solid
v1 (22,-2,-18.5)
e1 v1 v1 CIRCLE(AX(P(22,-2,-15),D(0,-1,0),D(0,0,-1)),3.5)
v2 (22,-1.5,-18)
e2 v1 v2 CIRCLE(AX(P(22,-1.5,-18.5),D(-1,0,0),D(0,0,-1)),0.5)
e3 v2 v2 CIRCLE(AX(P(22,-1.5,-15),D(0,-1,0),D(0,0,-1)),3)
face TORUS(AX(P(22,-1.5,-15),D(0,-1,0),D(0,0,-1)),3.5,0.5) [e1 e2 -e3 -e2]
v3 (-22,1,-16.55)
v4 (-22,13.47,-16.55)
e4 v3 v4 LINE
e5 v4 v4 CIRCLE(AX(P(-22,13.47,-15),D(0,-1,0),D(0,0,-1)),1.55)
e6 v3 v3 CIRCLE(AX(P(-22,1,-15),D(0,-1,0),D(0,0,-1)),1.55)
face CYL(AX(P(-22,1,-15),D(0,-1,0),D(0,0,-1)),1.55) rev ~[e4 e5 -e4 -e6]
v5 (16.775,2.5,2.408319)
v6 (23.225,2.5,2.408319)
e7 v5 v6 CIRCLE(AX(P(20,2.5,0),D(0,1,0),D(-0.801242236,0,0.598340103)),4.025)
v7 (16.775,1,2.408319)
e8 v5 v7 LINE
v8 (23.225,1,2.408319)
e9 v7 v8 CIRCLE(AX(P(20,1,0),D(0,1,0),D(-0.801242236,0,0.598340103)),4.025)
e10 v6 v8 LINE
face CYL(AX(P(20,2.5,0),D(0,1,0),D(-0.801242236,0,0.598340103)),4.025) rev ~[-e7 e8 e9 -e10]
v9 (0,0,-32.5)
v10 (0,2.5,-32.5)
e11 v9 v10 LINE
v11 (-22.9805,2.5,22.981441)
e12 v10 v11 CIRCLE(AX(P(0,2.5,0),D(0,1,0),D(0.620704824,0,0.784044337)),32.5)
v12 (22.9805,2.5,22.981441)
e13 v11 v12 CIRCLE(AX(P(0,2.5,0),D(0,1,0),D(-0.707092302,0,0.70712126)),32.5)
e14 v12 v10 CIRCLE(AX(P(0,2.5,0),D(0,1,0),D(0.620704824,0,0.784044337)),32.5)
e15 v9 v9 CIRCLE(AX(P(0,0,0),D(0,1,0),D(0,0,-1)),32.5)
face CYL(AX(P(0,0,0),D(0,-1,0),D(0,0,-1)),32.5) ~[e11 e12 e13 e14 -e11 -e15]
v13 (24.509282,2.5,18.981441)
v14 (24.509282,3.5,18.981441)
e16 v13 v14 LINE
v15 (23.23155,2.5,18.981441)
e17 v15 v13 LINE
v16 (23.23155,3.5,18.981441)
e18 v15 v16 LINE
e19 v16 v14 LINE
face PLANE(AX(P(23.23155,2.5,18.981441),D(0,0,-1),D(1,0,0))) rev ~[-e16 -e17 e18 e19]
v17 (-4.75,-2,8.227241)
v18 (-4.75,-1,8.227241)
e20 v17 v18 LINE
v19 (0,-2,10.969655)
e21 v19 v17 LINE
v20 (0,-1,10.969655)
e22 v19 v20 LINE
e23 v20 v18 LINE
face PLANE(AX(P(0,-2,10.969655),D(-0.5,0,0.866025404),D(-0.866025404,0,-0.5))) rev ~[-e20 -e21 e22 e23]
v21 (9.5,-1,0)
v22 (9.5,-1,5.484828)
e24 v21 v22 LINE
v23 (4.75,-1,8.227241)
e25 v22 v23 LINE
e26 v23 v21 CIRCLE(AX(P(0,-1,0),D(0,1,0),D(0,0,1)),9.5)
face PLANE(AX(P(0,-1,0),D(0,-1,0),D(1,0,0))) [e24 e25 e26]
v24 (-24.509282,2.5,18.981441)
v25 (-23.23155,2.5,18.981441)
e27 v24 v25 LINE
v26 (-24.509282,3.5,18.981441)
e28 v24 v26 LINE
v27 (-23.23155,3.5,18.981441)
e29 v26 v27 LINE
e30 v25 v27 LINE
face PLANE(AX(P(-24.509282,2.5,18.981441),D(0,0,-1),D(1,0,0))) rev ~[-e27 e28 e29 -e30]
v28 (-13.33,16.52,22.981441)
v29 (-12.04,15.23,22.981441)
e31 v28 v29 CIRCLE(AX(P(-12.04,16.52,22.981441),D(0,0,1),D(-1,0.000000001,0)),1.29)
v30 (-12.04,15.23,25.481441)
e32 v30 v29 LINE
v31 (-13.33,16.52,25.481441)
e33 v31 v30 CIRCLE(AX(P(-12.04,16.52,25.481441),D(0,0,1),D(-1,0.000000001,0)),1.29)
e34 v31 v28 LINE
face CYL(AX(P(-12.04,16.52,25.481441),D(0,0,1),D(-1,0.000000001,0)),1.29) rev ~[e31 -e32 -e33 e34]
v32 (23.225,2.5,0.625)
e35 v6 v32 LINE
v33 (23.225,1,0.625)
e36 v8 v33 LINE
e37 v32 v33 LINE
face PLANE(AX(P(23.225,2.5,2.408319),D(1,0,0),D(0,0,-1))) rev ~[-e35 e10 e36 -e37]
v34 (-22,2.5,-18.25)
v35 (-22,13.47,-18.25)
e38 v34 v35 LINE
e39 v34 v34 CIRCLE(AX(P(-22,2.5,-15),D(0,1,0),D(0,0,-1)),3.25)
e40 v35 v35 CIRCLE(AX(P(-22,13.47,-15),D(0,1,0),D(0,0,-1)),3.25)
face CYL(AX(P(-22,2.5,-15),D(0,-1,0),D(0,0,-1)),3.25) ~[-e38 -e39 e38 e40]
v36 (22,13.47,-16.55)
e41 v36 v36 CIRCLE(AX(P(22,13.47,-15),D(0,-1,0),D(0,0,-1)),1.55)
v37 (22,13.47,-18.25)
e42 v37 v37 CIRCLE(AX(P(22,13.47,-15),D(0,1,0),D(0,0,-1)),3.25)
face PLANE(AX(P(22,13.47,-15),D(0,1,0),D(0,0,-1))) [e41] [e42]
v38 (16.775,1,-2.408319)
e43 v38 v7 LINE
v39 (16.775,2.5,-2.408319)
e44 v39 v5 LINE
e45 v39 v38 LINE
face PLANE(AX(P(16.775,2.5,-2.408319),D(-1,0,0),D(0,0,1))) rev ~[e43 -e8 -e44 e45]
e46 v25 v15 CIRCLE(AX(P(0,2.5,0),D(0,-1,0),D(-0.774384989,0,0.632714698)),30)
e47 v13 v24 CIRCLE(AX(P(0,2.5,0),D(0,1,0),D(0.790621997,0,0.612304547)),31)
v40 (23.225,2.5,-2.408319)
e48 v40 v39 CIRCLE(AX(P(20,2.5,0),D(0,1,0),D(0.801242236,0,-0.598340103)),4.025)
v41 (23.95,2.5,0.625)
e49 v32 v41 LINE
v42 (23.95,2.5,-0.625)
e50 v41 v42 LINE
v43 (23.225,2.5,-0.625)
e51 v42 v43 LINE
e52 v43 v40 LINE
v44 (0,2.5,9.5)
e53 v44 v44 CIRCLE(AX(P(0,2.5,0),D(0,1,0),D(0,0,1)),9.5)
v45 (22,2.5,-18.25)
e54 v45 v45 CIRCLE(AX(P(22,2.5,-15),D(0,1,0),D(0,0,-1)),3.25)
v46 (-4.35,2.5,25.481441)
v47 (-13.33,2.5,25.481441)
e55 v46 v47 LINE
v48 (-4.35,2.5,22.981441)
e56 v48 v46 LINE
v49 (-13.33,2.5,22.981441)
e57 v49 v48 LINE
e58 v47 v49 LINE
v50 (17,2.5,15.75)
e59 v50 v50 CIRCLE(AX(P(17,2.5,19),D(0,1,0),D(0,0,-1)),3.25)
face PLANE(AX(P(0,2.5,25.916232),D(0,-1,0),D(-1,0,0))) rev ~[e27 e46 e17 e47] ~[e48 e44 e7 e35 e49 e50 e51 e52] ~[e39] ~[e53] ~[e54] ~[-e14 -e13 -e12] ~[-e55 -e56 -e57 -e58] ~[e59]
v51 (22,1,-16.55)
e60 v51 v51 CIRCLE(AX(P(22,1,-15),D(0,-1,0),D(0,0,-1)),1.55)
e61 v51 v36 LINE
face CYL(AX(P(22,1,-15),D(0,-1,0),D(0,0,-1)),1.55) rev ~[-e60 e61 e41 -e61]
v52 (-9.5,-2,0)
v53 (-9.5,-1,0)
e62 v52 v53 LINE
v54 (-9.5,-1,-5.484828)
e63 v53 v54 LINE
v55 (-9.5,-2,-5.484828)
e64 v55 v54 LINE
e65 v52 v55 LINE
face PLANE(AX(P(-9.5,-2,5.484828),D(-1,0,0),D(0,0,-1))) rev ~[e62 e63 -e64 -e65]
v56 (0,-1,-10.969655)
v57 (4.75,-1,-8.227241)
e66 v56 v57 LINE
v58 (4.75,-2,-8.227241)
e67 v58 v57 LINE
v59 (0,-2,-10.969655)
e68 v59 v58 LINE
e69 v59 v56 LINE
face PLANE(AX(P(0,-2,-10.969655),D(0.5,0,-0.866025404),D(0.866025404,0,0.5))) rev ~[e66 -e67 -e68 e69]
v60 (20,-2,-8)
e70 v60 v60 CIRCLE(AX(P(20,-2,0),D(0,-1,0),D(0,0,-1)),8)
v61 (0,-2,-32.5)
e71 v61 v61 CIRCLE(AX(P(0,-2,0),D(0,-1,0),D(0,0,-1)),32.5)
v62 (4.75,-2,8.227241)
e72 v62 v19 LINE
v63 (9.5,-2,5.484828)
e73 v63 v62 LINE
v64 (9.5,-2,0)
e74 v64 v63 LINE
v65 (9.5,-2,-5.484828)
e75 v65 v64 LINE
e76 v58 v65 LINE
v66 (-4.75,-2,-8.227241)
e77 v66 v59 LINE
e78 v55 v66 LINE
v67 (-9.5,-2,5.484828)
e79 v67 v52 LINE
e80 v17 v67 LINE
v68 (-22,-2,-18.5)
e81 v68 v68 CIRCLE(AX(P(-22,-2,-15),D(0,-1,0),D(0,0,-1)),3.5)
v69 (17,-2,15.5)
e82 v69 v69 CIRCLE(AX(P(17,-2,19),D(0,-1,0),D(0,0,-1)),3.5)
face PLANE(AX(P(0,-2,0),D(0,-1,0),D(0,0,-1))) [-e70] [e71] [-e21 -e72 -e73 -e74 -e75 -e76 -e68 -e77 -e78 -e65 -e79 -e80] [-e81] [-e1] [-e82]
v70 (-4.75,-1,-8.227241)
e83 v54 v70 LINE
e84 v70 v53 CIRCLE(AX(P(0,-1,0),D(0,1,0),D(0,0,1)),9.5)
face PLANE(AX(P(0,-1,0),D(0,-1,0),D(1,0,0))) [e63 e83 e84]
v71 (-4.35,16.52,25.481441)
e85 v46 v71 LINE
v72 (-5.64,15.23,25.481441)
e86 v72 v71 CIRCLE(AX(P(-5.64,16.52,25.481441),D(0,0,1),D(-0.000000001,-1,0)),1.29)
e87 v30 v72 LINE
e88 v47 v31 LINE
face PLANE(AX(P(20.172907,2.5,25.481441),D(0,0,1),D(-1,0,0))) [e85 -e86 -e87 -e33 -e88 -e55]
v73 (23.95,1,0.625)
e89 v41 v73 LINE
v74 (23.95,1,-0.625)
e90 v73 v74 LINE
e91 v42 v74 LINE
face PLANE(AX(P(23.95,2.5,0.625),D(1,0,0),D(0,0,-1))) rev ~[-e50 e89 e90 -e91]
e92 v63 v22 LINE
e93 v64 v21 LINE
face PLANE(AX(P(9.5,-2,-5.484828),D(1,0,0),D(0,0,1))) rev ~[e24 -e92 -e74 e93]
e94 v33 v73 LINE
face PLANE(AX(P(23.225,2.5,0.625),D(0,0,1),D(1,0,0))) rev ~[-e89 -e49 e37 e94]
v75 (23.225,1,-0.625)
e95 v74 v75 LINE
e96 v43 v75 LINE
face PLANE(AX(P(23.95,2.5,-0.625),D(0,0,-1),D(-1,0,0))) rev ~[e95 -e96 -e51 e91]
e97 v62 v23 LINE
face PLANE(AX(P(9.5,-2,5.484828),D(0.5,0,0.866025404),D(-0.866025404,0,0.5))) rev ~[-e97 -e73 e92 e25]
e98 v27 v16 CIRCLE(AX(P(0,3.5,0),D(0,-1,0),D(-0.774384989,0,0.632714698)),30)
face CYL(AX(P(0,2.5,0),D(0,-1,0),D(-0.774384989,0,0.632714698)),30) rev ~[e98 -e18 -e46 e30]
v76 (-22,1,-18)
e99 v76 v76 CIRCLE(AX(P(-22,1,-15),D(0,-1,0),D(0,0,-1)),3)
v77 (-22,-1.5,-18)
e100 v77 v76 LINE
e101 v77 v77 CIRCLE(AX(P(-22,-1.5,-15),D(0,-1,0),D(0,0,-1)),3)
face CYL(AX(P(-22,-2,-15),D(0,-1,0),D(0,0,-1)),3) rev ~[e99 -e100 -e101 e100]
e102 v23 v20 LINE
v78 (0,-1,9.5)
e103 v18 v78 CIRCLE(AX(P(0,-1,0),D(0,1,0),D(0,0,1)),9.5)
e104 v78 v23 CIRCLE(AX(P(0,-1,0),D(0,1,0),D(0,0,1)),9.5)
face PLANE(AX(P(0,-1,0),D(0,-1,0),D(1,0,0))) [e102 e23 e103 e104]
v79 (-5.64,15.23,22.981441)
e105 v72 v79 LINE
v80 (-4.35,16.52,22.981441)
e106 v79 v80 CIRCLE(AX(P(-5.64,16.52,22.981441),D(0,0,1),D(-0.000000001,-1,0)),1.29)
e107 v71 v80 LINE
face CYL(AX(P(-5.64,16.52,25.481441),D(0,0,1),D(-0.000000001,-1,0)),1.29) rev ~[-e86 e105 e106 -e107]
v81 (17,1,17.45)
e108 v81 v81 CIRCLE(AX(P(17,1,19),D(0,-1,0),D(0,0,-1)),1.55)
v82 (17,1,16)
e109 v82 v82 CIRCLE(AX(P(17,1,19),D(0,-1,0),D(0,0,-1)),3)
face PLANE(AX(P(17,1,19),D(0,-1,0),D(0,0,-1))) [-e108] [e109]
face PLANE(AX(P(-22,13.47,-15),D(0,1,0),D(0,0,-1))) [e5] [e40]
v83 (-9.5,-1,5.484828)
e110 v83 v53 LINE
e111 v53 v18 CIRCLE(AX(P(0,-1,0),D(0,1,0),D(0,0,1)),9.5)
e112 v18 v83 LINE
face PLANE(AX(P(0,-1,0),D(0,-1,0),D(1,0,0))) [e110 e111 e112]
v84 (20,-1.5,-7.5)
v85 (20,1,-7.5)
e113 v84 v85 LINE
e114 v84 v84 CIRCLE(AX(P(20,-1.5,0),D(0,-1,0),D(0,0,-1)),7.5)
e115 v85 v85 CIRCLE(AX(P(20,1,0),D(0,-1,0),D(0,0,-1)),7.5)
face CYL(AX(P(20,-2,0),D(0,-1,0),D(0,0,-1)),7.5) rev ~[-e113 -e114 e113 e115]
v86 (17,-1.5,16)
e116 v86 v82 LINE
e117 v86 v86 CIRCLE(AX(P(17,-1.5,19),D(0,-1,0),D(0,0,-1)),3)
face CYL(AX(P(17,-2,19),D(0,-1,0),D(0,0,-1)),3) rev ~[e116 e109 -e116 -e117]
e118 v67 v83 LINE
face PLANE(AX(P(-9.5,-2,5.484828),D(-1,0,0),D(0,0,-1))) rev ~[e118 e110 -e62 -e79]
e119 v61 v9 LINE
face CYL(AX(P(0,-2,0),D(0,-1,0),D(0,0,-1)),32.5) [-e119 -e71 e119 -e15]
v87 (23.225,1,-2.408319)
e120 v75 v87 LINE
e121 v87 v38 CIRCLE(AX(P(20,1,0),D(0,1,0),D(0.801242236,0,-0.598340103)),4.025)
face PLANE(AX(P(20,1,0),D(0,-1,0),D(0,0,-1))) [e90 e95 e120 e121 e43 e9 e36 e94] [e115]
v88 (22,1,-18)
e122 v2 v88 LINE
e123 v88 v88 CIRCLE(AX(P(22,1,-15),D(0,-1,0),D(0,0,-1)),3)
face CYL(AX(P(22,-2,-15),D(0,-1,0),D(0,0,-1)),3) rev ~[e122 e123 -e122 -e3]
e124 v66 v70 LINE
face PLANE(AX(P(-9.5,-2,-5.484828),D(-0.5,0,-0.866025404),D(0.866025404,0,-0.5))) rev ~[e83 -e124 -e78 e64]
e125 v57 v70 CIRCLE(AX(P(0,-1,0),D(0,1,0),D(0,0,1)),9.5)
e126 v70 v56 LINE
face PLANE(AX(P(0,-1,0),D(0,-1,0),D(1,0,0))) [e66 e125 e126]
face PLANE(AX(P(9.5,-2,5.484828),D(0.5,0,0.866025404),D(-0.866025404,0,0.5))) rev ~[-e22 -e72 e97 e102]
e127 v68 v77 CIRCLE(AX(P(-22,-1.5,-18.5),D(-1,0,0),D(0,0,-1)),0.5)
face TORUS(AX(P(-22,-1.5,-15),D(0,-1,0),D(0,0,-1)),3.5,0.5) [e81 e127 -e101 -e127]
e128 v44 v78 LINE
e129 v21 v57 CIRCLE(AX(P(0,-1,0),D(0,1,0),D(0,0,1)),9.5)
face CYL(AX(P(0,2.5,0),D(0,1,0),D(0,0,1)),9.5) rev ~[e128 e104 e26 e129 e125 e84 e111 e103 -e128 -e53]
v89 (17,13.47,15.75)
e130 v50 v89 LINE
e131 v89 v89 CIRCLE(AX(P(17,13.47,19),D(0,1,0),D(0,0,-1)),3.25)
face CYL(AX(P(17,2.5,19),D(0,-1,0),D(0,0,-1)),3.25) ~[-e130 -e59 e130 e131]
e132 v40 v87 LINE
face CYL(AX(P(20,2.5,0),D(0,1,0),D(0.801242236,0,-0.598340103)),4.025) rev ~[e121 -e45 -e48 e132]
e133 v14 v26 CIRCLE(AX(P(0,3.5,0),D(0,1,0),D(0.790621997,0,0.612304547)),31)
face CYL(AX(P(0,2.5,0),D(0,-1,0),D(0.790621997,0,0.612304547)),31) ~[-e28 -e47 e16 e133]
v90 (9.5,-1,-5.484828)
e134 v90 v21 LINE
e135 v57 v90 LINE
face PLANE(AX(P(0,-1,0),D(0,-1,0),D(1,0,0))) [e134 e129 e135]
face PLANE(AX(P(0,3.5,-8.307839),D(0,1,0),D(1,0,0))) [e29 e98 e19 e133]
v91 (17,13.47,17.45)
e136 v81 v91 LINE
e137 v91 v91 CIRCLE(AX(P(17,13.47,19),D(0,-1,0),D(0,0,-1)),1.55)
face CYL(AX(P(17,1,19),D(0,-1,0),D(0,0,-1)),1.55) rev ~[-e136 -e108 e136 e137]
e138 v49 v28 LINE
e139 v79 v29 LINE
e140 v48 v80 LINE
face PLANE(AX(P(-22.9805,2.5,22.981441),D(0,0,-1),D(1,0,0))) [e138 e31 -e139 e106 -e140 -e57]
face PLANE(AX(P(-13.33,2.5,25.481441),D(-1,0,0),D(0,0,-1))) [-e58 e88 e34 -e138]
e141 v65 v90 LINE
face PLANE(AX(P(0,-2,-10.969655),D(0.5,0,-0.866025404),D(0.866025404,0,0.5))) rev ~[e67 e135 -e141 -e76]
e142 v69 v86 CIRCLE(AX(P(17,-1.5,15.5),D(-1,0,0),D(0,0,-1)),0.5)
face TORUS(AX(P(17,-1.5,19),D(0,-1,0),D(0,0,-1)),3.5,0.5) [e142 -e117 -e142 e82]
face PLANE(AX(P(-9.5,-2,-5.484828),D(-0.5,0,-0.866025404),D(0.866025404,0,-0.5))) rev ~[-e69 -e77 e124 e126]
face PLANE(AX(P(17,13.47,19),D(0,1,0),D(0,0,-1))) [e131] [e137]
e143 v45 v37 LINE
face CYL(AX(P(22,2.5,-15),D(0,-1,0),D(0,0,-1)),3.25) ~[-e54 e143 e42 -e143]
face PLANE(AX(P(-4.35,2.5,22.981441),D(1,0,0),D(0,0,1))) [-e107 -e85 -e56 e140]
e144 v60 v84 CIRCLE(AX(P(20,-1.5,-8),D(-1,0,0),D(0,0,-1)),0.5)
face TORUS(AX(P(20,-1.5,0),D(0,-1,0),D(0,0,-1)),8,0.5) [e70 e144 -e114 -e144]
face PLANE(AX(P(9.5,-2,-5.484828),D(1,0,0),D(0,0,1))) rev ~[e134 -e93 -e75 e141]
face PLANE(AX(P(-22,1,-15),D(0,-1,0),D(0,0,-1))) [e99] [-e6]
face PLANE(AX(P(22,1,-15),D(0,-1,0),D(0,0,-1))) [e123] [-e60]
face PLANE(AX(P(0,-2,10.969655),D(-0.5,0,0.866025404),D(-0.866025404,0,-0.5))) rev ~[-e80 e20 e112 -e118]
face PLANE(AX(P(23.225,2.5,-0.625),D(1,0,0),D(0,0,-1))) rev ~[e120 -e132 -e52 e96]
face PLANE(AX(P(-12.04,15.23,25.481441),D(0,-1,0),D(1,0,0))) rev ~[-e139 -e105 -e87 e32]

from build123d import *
from build123d.topology import SkipClean

# Parameters (mm, degrees)
SKETCH1_R           = 32.5
BOSS_EXTRUDE1_DEPTH = 21
SHELL1_T            = -2.5
CUT_EXTRUDE2_START  = -18.5
CUT_EXTRUDE2_DEPTH  = 18.5
BOSS_EXTRUDE2_DEPTH = 18.5
SKETCH9_R           = 3.25
BOSS_EXTRUDE3_DEPTH = 10.97
CUT_EXTRUDE4_START  = -18.5
CUT_EXTRUDE4_DEPTH  = 18.5
CUT_EXTRUDE5_DEPTH  = 70.707226983
BOSS_EXTRUDE4_DEPTH = 1
BOSS_EXTRUDE5_START = 2
SKETCH15_R          = 32.5
BOSS_EXTRUDE5_DEPTH = 2
SKETCH13_R          = 9.5
CUT_EXTRUDE6_DEPTH  = 49.052683588
CUT_EXTRUDE7_DEPTH  = 1
SKETCH18_R          = 7.5
CUT_EXTRUDE8_DEPTH  = 3
SKETCH21_R          = 3
CUT_EXTRUDE9_DEPTH  = 3
FILLET1_R           = 0.5
SKETCH23_R          = 1.55
CUT_EXTRUDE10_DEPTH = 49.51154914


with BuildPart() as part:
    # Sketch1 → Boss-Extrude1 (new body)
    with BuildSketch(Plane(origin=(0, 0, 0), x_dir=(1, 0, 0), z_dir=(0, 1, 0))):
        with Locations(Location((0, 0, 0), (0, 0, 90))):
            Circle(SKETCH1_R)
    extrude(amount=BOSS_EXTRUDE1_DEPTH)

    # Shell1
    shell1_openings = [part.faces().sort_by_distance(p)[0] for p in [
        (0, 21, 0),
    ]]
    offset(amount=SHELL1_T, openings=shell1_openings, kind=Kind.INTERSECTION)

    # Sketch4 → Cut-Extrude2 (cut)
    with BuildSketch(Plane(origin=(0, 21, 0), x_dir=(1, 0, 0), z_dir=(0, 1, 0)).offset(CUT_EXTRUDE2_START)):
        with BuildLine():
            Line((-19.2835, -22.981440942), (19.2835, -22.981440942))
            Line((19.2835, -22.981440942), (22.980499826, -22.981440942))
            ThreePointArc((22.980499826, -22.981440942), (0, -32.5), (-22.980499826, -22.981440942))
            Line((-22.980499826, -22.981440942), (-19.2835, -22.981440942))
        make_face()
    extrude(amount=CUT_EXTRUDE2_DEPTH, mode=Mode.SUBTRACT)

    # Sketch5 → Boss-Extrude2 (add, through all)
    with SkipClean():  # the faces are left unmerged after this step: merging them gives an invalid solid
        with BuildSketch(Plane(origin=(0, 2.5, 0), x_dir=(1, 0, 0), z_dir=(0, 1, 0))):
            with BuildLine():
                Line((-22.980499826, -22.981440942), (22.980499826, -22.981440942))
                ThreePointArc((22.980499826, -22.981440942), (21.612881002, -24.27206985), (20.17290677, -25.481440942))
                Line((20.17290677, -25.481440942), (-20.17290677, -25.481440942))
                ThreePointArc((-20.17290677, -25.481440942), (-21.612881002, -24.27206985), (-22.980499826, -22.981440942))
            make_face()
        extrude(amount=BOSS_EXTRUDE2_DEPTH)

    # Sketch9 → Boss-Extrude3 (add)
    with SkipClean():  # the faces are left unmerged after this step: merging them gives an invalid solid
        with BuildSketch(Plane(origin=(0, 2.5, 0), x_dir=(1, 0, 0), z_dir=(0, 1, 0))):
            with Locations(Location((-22, 15, 0), (0, 0, 90))):
                Circle(SKETCH9_R)
            with Locations(Location((22, 15, 0), (0, 0, 90))):
                Circle(SKETCH9_R)
            with Locations(Location((17, -19, 0), (0, 0, 90))):
                Circle(SKETCH9_R)
        extrude(amount=BOSS_EXTRUDE3_DEPTH)

    # Sketch10 → Cut-Extrude4 (cut)
    with BuildSketch(Plane(origin=(0, 21, 0), x_dir=(1, 0, 0), z_dir=(0, 1, 0)).offset(CUT_EXTRUDE4_START)):
        with BuildLine():
            Line((-20.17290677, -25.481440942), (-13.33, -25.481440942))
            Line((-13.33, -25.481440942), (-13.33, -22.981440942))
            Line((-13.33, -22.981440942), (-19.2835, -22.981440942))
            ThreePointArc((-19.2835, -22.981440942), (0, 30), (19.2835, -22.981440942))
            Line((19.2835, -22.981440942), (-4.35, -22.981440942))
            Line((-4.35, -22.981440942), (-4.35, -25.481440942))
            Line((-4.35, -25.481440942), (20.17290677, -25.481440942))
            ThreePointArc((20.17290677, -25.481440942), (0, 32.5), (-20.17290677, -25.481440942))
        make_face()
    extrude(amount=CUT_EXTRUDE4_DEPTH, mode=Mode.SUBTRACT)

    # Sketch11 → Cut-Extrude5 (cut, through all)
    with BuildSketch(Plane.XY.offset(25.481440942)):
        with BuildLine():
            Line((-12.04, 15.23), (-5.64, 15.23))
            ThreePointArc((-5.64, 15.23), (-4.727832252, 15.607832252), (-4.35, 16.52))
            Line((-4.35, 16.52), (-4.35, 21))
            Line((-4.35, 21), (-13.33, 21))
            Line((-13.33, 21), (-13.33, 16.52))
            ThreePointArc((-13.33, 16.52), (-12.952167748, 15.607832252), (-12.04, 15.23))
        make_face()
    extrude(amount=-CUT_EXTRUDE5_DEPTH, mode=Mode.SUBTRACT)

    # Sketch12 → Boss-Extrude4 (add)
    with BuildSketch(Plane(origin=(0, 2.5, 0), x_dir=(1, 0, 0), z_dir=(0, 1, 0))):
        with BuildLine():
            Line((-24.509281911, -18.981440942), (-23.231549664, -18.981440942))
            ThreePointArc((-23.231549664, -18.981440942), (0, 30), (23.231549664, -18.981440942))
            Line((23.231549664, -18.981440942), (24.509281911, -18.981440942))
            ThreePointArc((24.509281911, -18.981440942), (0, 31), (-24.509281911, -18.981440942))
        make_face()
    extrude(amount=BOSS_EXTRUDE4_DEPTH)

    # Sketch15 → Boss-Extrude5 (add)
    with BuildSketch(Plane.XZ.offset(BOSS_EXTRUDE5_START)):
        with Locations(Location((0, 0, 0), (0, 0, 270))):
            Circle(SKETCH15_R)
    extrude(amount=-BOSS_EXTRUDE5_DEPTH)

    # Sketch13 → Cut-Extrude6 (cut, through all)
    with BuildSketch(Plane(origin=(0, 2.5, 0), x_dir=(1, 0, 0), z_dir=(0, 1, 0))):
        with Locations(Location((0, 0, 0), (0, 0, 270))):
            Circle(SKETCH13_R)
        with BuildLine():
            Line((16.775, 2.408318916), (16.775, -2.408318916))
            ThreePointArc((16.775, -2.408318916), (20, -4.025), (23.225, -2.408318916))
            Line((23.225, -2.408318916), (23.225, -0.625))
            Line((23.225, -0.625), (23.95, -0.625))
            Line((23.95, -0.625), (23.95, 0.625))
            Line((23.95, 0.625), (23.225, 0.625))
            Line((23.225, 0.625), (23.225, 2.408318916))
            ThreePointArc((23.225, 2.408318916), (20, 4.025), (16.775, 2.408318916))
        make_face()
    extrude(amount=-CUT_EXTRUDE6_DEPTH, mode=Mode.SUBTRACT)

    # Sketch17 → Cut-Extrude7 (cut)
    with BuildSketch(Plane.XZ.offset(2)):
        Polygon((9.5, -5.484827557), (9.5, 5.484827557), (0, 10.969655115), (-9.5, 5.484827557), (-9.5, -5.484827557), (0, -10.969655115), align=None)
    extrude(amount=-CUT_EXTRUDE7_DEPTH, mode=Mode.SUBTRACT)

    # Sketch18 → Cut-Extrude8 (cut)
    with BuildSketch(Plane.XZ.offset(2)):
        with Locations(Location((20, 0, 0), (0, 0, 270))):
            Circle(SKETCH18_R)
    extrude(amount=-CUT_EXTRUDE8_DEPTH, mode=Mode.SUBTRACT)

    # Sketch21 → Cut-Extrude9 (cut)
    with BuildSketch(Plane.XZ.offset(2)):
        with Locations(Location((-22, -15, 0), (0, 0, 270))):
            Circle(SKETCH21_R)
        with Locations(Location((22, -15, 0), (0, 0, 270))):
            Circle(SKETCH21_R)
        with Locations(Location((17, 19, 0), (0, 0, 270))):
            Circle(SKETCH21_R)
    extrude(amount=-CUT_EXTRUDE9_DEPTH, mode=Mode.SUBTRACT)

    # Fillet1
    fillet1_edges = [part.edges().sort_by_distance(p)[0] for p in [
        (20, -2, 7.5),
        (-22, -2, -12),
        (22, -2, -12),
        (17, -2, 22),
    ]]
    fillet(fillet1_edges, radius=FILLET1_R)

    # Sketch23 → Cut-Extrude10 (cut, through all)
    with BuildSketch(Plane.XZ.offset(-1)):
        with Locations(Location((-22, -15, 0), (0, 0, 270))):
            Circle(SKETCH23_R)
        with Locations(Location((17, 19, 0), (0, 0, 270))):
            Circle(SKETCH23_R)
        with Locations(Location((22, -15, 0), (0, 0, 270))):
            Circle(SKETCH23_R)
    extrude(amount=-CUT_EXTRUDE10_DEPTH, mode=Mode.SUBTRACT)


solid = part.part
